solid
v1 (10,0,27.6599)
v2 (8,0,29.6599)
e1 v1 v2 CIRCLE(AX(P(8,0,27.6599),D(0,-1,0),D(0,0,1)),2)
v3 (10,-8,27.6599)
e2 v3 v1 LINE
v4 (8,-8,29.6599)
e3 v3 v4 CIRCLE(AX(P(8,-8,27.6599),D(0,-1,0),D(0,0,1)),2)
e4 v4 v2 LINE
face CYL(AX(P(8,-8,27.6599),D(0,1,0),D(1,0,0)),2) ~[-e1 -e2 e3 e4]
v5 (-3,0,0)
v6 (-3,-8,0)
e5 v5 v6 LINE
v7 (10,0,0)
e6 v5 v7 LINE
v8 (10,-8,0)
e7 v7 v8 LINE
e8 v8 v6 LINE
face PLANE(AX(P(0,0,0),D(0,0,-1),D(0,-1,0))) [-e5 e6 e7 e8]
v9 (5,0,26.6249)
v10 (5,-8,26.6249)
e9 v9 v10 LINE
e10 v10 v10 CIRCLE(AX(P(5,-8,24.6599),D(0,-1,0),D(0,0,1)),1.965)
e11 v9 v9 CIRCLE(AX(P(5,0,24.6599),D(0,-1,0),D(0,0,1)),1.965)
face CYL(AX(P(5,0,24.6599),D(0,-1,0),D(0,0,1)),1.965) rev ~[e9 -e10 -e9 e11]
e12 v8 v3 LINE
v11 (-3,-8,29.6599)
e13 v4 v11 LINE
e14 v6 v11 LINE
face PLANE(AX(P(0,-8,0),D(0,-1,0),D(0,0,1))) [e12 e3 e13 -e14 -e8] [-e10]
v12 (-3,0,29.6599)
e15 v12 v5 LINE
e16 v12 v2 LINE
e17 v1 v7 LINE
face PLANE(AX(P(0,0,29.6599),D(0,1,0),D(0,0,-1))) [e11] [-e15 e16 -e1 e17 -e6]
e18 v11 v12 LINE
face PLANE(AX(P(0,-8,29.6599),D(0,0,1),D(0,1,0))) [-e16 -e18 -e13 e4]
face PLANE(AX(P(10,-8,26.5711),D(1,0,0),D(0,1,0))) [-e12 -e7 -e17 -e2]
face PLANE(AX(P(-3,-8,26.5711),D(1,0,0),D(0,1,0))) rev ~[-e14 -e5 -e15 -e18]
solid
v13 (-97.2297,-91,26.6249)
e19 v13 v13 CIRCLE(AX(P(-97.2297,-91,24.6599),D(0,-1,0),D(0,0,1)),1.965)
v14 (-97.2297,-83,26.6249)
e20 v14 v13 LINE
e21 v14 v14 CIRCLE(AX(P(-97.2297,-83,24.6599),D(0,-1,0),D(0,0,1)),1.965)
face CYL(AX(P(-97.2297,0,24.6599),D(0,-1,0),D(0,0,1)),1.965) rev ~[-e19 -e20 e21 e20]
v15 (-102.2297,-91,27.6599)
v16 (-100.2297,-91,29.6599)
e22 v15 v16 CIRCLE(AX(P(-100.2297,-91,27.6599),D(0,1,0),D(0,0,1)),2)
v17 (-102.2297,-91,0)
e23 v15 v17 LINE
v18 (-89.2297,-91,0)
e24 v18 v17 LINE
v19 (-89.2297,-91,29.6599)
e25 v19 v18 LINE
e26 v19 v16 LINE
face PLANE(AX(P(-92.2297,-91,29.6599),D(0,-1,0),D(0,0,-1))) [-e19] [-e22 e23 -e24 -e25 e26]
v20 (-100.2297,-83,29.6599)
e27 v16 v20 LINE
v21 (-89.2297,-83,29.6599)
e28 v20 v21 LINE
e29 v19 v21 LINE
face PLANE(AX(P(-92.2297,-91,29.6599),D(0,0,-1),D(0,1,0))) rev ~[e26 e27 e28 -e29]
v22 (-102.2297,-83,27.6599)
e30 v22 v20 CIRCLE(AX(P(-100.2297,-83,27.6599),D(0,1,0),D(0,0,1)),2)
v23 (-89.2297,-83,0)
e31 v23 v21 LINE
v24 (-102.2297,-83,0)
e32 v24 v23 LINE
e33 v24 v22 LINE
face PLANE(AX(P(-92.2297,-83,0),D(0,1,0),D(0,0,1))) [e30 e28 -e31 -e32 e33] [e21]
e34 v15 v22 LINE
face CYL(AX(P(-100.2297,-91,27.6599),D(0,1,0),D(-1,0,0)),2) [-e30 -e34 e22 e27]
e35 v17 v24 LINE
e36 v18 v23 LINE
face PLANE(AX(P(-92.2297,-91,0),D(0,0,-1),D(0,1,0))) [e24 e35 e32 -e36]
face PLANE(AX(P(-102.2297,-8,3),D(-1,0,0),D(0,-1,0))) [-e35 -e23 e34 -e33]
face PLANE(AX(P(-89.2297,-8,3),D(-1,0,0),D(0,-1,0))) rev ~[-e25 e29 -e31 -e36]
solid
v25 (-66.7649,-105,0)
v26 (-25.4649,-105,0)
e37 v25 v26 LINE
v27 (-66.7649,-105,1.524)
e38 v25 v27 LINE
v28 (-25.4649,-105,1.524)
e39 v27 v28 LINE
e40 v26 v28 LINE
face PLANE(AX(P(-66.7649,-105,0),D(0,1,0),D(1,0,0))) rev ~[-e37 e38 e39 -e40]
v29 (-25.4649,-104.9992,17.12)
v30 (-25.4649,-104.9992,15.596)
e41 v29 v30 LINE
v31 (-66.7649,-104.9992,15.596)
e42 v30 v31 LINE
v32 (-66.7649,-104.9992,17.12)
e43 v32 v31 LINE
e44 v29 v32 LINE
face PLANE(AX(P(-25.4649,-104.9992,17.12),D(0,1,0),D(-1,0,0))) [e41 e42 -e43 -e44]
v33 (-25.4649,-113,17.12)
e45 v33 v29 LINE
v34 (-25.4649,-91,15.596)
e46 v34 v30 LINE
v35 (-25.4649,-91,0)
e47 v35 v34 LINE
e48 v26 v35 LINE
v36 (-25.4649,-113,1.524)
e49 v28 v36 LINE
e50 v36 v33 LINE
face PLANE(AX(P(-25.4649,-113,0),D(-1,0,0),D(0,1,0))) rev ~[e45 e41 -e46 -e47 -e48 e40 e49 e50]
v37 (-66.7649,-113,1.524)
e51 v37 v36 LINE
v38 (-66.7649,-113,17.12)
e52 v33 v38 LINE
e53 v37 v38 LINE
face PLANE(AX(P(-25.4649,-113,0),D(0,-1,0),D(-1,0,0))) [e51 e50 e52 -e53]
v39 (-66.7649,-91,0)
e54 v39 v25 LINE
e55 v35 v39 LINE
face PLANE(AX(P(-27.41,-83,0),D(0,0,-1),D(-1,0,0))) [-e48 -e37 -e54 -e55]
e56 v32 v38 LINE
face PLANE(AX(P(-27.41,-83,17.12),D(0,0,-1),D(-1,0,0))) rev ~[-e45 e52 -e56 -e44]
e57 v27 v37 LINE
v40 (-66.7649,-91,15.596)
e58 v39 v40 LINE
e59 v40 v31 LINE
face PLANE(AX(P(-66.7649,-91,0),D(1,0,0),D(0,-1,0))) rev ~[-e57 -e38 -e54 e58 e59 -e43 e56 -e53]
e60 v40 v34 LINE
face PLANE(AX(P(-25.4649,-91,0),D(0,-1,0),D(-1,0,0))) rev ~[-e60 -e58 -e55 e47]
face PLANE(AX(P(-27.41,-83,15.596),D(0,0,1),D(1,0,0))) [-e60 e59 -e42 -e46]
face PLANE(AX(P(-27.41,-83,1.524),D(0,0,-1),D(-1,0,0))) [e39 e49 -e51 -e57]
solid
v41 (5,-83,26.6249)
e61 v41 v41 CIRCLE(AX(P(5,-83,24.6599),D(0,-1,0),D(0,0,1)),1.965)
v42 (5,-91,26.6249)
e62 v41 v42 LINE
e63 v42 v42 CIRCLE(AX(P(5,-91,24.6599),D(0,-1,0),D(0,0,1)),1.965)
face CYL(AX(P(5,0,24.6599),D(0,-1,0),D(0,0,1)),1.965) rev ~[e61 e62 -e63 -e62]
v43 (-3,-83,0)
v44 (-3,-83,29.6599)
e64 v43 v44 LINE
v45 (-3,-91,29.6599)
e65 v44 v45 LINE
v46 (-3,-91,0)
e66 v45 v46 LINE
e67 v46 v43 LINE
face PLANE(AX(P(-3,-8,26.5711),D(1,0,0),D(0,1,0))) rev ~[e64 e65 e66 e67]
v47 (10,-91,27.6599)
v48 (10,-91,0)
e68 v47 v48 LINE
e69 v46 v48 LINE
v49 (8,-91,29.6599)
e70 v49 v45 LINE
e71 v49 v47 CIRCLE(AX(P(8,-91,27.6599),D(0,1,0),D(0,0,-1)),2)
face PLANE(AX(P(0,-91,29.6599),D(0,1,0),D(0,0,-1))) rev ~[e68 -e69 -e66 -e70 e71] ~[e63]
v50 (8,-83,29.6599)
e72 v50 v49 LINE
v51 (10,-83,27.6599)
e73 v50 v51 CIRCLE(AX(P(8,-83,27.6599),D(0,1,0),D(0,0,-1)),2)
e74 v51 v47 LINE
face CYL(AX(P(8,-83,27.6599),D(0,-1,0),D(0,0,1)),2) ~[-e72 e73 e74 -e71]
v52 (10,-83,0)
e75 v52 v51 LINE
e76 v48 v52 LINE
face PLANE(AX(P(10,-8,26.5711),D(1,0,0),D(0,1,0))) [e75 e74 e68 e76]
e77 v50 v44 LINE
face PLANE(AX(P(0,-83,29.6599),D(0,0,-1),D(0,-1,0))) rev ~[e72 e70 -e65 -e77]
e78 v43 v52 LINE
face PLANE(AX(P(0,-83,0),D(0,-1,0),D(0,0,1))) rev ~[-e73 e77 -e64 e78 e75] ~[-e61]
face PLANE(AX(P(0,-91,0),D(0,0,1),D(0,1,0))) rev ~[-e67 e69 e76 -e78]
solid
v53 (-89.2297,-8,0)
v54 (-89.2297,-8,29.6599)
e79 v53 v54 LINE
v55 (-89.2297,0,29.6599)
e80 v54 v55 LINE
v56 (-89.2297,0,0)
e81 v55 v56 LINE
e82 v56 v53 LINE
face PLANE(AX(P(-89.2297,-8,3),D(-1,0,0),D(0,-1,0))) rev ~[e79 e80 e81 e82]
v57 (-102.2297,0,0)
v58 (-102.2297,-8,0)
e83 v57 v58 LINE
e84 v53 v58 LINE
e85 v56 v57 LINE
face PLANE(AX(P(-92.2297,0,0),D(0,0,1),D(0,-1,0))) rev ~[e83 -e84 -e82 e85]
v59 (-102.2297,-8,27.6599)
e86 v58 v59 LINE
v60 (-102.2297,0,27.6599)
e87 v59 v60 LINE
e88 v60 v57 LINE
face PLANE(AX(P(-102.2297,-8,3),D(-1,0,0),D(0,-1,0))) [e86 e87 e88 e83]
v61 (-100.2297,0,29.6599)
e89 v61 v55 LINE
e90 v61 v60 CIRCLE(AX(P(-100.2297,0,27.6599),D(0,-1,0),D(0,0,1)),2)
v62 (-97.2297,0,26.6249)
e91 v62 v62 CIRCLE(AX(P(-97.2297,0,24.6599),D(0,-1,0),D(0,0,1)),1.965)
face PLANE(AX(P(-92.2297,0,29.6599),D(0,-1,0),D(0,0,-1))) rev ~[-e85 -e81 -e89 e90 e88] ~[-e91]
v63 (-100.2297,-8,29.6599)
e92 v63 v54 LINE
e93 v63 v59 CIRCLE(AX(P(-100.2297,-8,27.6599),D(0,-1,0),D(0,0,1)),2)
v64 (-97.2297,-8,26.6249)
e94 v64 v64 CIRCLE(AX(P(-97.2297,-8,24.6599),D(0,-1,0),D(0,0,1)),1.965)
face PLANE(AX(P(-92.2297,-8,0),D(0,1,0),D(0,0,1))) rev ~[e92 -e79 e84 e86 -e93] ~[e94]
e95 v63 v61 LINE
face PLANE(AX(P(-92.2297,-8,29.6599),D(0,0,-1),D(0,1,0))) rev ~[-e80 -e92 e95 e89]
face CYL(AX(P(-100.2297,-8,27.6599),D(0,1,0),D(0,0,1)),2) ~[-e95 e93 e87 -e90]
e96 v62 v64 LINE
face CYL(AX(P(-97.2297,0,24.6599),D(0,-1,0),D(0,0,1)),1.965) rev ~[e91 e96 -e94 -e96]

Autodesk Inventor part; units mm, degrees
ref_plane "YZ Plane" through (0, 0, 0) normal (1, 0, 0) x (0, 1, 0)
ref_plane "XZ Plane" through (0, 0, 0) normal (0, 1, 0) x (-1, 0, 0)
ref_plane "Work Plane1" through (-89.882, 196577.8405, 29.6599) normal (0, 0, -1) x (-1, 0, 0)
sketch "Sketch3" plane through (0, -8, 26.5711) normal (1, 0, 0) x (0, 1, 0)
  line L0 (30.2, 3.0888) -> (-125.2, 3.0888) construction
  line L1 (-75, -26.5711) -> (0, -26.5711) construction
  line L2 (8, -26.5711) -> (0, -26.5711)
  line L3 (0, -26.5711) -> (0, 3.0888)
  line L4 (0, 3.0888) -> (8, 3.0888)
  line L5 (8, 3.0888) -> (8, -26.5711)
  line L6 (-83, 0) -> (-83, -23.5711) construction
  line L7 (-83, -26.5711) -> (-75, -26.5711)
  line L8 (-75, -26.5711) -> (-75, 3.0888)
  line L9 (-75, 3.0888) -> (-83, 3.0888)
  line L10 (-83, 3.0888) -> (-83, -26.5711)
extrude "Extrusion2" add sketch "Sketch3" along normal blind 10 and the other way blind 3
sketch "Sketch4" plane through (-3, 0, 29.6599) normal (0, 1, 0) x (1, 0, 0)
  circle A0 centre (8, 5) radius 1.965
  line L0 (13, 29.6599) -> (13, 0) projected
  line L1 (-109.6757, 0) -> (33.4459, 0) projected
  point P0 (3, 29.6599)
  dimension "d19" = 3.93
  dimension "d20" = 5
  dimension "d21" = 5
hole "Hole2" at (5, 0, 24.6599) direction (0, -1, 0) diameter 3.93 end through all
fillet "Fillet1" radius 2 2 edges at (10, -4, 29.6599) (10, -87, 29.6599)
sketch "Sketch5" plane through (-92.2297, -8, 3) normal (-1, 0, 0) x (0, -1, 0)
  line L0 (-8, -3) -> (0, -3) projected
  line L1 (0, -3) -> (0, 26.6599) projected
  line L2 (-8, -3) -> (0, -3)
  line L3 (0, -3) -> (0, 26.6599)
  line L4 (0, 26.6599) -> (-8, 26.6599)
  line L5 (-8, 26.6599) -> (-8, -3)
  line L6 (83, -3) -> (75, -3) projected
  line L7 (83, 26.6599) -> (75, 26.6599) projected
  line L8 (83, -3) -> (75, -3)
  line L9 (75, -3) -> (75, 26.6599)
  line L10 (75, 26.6599) -> (83, 26.6599)
  line L11 (83, 26.6599) -> (83, -3)
extrude "Extrusion3" add sketch "Sketch5" along normal blind 10 and the other way blind 3
sketch "Sketch6" plane through (-102.2297, 0, 0) normal (0, 1, 0) x (1, 0, 0)
  circle A0 centre (5, -24.6599) radius 1.965
  line L0 (0, -29.6599) -> (0, 0) projected
  line L1 (13, -29.6599) -> (0, -29.6599) projected
  point P0 (102.2297, 0)
  dimension "d34" = 3.93
  dimension "d35" = 5
  dimension "d36" = 5
hole "Hole3" at (-97.2297, 0, 24.6599) direction (0, -1, 0) diameter 3.93 end through all
fillet "Fillet2" radius 2 2 edges at (-102.2297, -4, 29.6599) (-102.2297, -87, 29.6599)
sketch "Sketch9" plane through (-27.41, -83, 0) normal (0, 0, -1) x (-1, 0, 0)
  line L0 (-24.41, -8) -> (61.8197, -8) construction
  line L1 (-1.9451, -8) -> (-1.9451, -26) construction
  line L2 (39.3549, -26) -> (39.3549, -8) construction
  line L3 (0.0549, -28) -> (37.3549, -28) construction
  line L4 (-1.9451, -8) -> (39.3549, -8)
  line L5 (39.3549, -8) -> (39.3549, -30)
  line L6 (-1.9451, -30) -> (-1.9451, -8)
  line L7 (-1.9451, -30) -> (39.3549, -30)
  point P0 (-27.41, 83)
  dimension "d50" = 2
extrude "Extrusion5" add sketch "Sketch9" against normal blind 17.12
sketch "Sketch12" plane through (-27.41, -83, 17.12) normal (0, 0, 1) x (1, 0, 0)
  line L0 (1.9451, -8) -> (-39.3549, -8) construction
  line L1 (1.9451, -30) -> (1.9451, -8) construction
  line L2 (1.9451, -21.9992) -> (-39.4839, -21.9992) construction
  line L3 (-39.3549, -8) -> (-39.3549, -30) projected
  line L4 (-39.3549, -8) -> (1.9451, -8)
  line L5 (1.9451, -8) -> (1.9451, -21.9992)
  line L6 (1.9451, -21.9992) -> (-39.3549, -21.9992)
  line L7 (-39.3549, -21.9992) -> (-39.3549, -8)
  point P0 (27.41, 83)
extrude "Extrusion6" cut sketch "Sketch12" against normal blind 1.524
sketch "Sketch13" plane through (-27.41, -83, 0) normal (0, 0, -1) x (-1, 0, 0)
  line L0 (39.3549, -30) -> (-1.9451, -30) projected
  line L1 (39.3549, -8) -> (39.3549, -30) projected
  line L2 (-1.9451, -30) -> (39.3549, -30)
  line L3 (39.3549, -30) -> (39.3549, -22)
  line L4 (39.3549, -22) -> (-1.9451, -22)
  line L5 (-1.9451, -22) -> (-1.9451, -30)
  point P0 (-27.41, 83)
  dimension "d55" = 8
extrude "Extrusion7" cut sketch "Sketch13" against normal blind 1.524
ref_plane "Work Plane3" through (-46.1149, -8, 26.5711) normal (1, 0, 0) x (0, 0, -1)
properties part number "e4-phone_1piece pivot"
